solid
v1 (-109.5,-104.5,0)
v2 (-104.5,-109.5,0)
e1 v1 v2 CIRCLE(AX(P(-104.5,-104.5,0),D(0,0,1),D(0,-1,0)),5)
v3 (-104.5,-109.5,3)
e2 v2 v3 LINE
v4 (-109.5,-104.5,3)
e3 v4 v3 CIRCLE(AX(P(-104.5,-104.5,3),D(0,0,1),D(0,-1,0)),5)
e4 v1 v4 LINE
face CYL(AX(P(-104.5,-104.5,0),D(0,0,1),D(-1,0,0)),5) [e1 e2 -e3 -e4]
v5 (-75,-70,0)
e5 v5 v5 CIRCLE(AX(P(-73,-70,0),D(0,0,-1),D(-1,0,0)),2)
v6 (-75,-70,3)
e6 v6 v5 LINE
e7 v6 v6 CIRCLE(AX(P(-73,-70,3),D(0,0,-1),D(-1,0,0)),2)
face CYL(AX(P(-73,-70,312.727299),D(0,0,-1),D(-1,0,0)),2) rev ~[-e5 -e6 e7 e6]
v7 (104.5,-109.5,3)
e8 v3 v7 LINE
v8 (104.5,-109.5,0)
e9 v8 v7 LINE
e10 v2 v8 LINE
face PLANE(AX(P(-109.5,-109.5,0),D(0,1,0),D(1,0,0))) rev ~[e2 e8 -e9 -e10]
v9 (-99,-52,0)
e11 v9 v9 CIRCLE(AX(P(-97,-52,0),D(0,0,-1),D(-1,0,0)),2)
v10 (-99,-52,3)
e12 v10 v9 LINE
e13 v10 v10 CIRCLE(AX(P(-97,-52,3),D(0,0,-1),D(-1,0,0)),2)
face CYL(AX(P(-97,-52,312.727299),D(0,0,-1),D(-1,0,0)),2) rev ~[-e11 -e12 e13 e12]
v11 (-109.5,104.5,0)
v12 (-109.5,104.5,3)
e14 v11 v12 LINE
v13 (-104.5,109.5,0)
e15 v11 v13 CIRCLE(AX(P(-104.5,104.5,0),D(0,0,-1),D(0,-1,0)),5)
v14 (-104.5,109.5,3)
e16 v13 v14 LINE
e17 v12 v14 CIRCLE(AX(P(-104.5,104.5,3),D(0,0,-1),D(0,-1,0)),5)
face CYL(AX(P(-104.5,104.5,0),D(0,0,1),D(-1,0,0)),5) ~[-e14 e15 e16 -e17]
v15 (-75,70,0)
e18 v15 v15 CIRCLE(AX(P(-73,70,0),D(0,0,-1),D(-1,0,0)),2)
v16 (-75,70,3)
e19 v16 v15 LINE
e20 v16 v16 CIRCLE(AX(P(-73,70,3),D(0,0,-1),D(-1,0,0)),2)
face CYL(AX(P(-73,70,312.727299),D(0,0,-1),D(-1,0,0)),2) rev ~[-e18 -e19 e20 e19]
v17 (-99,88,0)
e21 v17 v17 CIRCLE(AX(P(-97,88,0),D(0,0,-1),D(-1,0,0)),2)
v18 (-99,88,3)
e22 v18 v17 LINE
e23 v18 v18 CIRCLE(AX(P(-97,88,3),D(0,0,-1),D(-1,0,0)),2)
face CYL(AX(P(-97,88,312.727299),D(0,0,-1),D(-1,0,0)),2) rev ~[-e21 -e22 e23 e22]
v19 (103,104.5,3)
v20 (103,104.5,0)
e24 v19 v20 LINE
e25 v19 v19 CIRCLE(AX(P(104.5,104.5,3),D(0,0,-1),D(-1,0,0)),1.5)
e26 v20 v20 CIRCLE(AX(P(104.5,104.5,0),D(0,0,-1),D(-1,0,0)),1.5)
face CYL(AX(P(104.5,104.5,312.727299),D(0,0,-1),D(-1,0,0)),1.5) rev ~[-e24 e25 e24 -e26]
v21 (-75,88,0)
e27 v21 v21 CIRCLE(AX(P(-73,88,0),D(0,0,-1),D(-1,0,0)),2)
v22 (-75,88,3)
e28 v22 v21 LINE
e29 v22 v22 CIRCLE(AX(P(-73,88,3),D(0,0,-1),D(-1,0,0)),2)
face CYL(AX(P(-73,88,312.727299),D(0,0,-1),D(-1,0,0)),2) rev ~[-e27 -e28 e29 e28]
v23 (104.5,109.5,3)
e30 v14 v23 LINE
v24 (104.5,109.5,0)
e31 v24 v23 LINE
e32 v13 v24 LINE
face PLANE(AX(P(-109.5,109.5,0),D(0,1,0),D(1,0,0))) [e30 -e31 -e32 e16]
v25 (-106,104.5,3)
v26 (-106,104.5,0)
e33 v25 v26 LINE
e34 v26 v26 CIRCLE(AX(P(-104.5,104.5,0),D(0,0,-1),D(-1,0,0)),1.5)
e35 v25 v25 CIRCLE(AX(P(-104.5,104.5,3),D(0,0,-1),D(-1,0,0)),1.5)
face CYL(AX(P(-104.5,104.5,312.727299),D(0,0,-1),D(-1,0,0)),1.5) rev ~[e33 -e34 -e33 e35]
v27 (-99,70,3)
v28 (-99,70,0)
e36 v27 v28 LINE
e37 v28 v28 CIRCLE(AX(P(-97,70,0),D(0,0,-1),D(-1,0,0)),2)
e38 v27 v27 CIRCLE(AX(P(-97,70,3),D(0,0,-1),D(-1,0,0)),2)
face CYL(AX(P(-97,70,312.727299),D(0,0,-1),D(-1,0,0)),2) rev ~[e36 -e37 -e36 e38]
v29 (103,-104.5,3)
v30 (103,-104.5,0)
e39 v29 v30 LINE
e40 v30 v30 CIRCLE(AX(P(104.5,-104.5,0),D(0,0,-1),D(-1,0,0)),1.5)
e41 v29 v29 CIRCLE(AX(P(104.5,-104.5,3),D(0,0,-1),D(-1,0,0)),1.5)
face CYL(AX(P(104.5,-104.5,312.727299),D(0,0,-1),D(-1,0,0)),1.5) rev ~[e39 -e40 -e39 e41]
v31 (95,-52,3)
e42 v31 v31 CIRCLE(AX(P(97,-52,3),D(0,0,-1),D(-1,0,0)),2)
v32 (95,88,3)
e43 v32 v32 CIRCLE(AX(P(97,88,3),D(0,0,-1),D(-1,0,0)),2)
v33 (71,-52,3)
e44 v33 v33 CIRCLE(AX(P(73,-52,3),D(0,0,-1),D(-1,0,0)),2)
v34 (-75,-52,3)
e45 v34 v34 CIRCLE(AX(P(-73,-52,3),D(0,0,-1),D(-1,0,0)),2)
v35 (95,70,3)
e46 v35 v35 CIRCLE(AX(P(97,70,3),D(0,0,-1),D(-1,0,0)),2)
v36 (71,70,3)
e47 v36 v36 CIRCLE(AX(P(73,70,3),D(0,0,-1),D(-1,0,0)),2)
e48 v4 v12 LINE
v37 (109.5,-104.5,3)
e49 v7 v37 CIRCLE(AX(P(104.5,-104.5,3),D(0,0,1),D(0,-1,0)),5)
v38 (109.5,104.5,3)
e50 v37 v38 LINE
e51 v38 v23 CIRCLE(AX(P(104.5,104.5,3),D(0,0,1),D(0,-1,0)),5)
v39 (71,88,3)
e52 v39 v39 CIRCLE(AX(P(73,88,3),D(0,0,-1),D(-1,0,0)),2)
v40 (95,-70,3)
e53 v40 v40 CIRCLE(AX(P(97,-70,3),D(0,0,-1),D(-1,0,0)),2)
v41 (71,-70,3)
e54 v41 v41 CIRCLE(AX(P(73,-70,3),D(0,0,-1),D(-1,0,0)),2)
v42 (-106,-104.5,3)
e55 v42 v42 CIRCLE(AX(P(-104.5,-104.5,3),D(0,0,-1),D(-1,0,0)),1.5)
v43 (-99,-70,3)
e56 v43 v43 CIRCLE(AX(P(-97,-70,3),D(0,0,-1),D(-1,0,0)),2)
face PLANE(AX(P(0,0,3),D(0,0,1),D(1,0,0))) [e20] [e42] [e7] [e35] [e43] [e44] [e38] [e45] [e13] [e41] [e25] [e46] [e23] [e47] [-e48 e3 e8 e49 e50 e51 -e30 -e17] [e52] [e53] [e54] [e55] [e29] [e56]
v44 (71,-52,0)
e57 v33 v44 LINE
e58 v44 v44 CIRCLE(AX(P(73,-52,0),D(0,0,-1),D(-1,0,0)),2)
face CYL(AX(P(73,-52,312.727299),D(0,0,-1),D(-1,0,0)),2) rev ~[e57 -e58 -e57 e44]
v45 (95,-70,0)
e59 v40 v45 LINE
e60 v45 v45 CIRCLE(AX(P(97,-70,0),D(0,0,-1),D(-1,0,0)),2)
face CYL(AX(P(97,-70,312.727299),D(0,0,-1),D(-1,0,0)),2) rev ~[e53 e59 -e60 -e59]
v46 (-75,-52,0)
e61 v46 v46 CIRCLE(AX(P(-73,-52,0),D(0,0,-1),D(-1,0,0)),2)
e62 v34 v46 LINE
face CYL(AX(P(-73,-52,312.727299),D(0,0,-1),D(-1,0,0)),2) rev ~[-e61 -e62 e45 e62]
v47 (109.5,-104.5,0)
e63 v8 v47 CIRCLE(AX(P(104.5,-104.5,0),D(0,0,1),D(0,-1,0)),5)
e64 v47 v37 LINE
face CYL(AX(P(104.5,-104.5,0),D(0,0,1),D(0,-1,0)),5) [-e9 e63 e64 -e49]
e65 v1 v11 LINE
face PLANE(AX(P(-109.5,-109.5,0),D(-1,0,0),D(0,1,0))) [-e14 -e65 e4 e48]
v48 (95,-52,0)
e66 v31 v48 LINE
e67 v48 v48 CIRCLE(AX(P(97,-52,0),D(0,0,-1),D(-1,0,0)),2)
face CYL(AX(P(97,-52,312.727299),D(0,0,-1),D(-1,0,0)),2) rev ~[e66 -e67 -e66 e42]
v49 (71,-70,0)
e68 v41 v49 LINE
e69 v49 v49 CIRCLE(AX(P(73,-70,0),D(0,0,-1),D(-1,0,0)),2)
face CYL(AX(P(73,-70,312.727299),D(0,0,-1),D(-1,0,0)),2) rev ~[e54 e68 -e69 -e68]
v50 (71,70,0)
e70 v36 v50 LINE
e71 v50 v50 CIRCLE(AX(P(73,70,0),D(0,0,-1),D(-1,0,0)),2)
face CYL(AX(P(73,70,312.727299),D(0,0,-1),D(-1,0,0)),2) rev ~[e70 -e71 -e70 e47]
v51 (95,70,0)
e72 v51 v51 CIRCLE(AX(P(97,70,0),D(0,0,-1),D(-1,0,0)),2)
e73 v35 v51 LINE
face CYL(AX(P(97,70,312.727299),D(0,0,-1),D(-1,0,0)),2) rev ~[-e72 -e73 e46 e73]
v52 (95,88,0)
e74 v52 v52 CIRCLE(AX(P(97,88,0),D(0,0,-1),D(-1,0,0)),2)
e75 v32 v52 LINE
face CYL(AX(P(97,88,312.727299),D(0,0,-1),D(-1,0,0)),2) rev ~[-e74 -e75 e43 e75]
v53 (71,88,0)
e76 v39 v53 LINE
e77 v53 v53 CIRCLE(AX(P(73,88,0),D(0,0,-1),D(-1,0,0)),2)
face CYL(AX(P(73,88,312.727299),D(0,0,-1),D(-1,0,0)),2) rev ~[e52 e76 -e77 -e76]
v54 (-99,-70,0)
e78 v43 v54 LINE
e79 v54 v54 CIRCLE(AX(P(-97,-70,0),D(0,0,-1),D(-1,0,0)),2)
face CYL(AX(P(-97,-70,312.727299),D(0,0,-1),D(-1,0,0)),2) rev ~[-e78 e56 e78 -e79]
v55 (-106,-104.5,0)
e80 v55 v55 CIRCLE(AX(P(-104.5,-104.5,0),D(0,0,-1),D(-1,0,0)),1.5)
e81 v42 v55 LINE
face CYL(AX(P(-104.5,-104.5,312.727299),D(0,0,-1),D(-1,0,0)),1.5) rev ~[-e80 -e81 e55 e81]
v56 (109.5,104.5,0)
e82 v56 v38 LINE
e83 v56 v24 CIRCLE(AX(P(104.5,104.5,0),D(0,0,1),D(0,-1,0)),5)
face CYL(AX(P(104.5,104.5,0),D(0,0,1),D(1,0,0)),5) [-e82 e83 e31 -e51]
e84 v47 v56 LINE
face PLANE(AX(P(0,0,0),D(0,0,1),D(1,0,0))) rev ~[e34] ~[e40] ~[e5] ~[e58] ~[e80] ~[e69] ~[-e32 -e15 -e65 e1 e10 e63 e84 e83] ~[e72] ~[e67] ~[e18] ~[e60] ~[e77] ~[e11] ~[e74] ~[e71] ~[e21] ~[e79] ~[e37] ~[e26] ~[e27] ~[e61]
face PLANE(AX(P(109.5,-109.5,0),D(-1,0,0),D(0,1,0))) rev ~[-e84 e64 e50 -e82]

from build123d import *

# Parameters (mm, degrees)
F0_W     = 219
F0_H     = 219
F1_DEPTH = 3
F2_R     = 5
F4_D     = 3
F6_D     = 4


with BuildPart() as f1:
    # F0 (on Top) → F1 (new body)
    with BuildSketch(Plane.XY):
        Rectangle(F0_W, F0_H)
    extrude(amount=F1_DEPTH)

    # F2
    f2_edges = [f1.edges().sort_by_distance(p)[0] for p in [
        (109.5, -109.5, 1.5),
        (109.5, 109.5, 1.5),
        (-109.5, 109.5, 1.5),
        (-109.5, -109.5, 1.5),
    ]]
    fillet(f2_edges, radius=F2_R)

    # F4 (through all)
    with Locations(Plane.XY.offset(3)):
        with Locations((-104.5, -104.5), (104.5, -104.5), (104.5, 104.5), (-104.5, 104.5)):
            Hole(F4_D / 2)

    # F6 (through all)
    with Locations(Plane.XY.offset(3)):
        with Locations((-97, -70), (-73, -70), (-73, -52), (-97, -52), (-97, 70), (-73, 70), (-73, 88), (-97, 88), (73, 88), (73, 70), (97, 70), (97, 88), (97, -52), (97, -70), (73, -70), (73, -52)):
            Hole(F6_D / 2)


solid = f1.part
